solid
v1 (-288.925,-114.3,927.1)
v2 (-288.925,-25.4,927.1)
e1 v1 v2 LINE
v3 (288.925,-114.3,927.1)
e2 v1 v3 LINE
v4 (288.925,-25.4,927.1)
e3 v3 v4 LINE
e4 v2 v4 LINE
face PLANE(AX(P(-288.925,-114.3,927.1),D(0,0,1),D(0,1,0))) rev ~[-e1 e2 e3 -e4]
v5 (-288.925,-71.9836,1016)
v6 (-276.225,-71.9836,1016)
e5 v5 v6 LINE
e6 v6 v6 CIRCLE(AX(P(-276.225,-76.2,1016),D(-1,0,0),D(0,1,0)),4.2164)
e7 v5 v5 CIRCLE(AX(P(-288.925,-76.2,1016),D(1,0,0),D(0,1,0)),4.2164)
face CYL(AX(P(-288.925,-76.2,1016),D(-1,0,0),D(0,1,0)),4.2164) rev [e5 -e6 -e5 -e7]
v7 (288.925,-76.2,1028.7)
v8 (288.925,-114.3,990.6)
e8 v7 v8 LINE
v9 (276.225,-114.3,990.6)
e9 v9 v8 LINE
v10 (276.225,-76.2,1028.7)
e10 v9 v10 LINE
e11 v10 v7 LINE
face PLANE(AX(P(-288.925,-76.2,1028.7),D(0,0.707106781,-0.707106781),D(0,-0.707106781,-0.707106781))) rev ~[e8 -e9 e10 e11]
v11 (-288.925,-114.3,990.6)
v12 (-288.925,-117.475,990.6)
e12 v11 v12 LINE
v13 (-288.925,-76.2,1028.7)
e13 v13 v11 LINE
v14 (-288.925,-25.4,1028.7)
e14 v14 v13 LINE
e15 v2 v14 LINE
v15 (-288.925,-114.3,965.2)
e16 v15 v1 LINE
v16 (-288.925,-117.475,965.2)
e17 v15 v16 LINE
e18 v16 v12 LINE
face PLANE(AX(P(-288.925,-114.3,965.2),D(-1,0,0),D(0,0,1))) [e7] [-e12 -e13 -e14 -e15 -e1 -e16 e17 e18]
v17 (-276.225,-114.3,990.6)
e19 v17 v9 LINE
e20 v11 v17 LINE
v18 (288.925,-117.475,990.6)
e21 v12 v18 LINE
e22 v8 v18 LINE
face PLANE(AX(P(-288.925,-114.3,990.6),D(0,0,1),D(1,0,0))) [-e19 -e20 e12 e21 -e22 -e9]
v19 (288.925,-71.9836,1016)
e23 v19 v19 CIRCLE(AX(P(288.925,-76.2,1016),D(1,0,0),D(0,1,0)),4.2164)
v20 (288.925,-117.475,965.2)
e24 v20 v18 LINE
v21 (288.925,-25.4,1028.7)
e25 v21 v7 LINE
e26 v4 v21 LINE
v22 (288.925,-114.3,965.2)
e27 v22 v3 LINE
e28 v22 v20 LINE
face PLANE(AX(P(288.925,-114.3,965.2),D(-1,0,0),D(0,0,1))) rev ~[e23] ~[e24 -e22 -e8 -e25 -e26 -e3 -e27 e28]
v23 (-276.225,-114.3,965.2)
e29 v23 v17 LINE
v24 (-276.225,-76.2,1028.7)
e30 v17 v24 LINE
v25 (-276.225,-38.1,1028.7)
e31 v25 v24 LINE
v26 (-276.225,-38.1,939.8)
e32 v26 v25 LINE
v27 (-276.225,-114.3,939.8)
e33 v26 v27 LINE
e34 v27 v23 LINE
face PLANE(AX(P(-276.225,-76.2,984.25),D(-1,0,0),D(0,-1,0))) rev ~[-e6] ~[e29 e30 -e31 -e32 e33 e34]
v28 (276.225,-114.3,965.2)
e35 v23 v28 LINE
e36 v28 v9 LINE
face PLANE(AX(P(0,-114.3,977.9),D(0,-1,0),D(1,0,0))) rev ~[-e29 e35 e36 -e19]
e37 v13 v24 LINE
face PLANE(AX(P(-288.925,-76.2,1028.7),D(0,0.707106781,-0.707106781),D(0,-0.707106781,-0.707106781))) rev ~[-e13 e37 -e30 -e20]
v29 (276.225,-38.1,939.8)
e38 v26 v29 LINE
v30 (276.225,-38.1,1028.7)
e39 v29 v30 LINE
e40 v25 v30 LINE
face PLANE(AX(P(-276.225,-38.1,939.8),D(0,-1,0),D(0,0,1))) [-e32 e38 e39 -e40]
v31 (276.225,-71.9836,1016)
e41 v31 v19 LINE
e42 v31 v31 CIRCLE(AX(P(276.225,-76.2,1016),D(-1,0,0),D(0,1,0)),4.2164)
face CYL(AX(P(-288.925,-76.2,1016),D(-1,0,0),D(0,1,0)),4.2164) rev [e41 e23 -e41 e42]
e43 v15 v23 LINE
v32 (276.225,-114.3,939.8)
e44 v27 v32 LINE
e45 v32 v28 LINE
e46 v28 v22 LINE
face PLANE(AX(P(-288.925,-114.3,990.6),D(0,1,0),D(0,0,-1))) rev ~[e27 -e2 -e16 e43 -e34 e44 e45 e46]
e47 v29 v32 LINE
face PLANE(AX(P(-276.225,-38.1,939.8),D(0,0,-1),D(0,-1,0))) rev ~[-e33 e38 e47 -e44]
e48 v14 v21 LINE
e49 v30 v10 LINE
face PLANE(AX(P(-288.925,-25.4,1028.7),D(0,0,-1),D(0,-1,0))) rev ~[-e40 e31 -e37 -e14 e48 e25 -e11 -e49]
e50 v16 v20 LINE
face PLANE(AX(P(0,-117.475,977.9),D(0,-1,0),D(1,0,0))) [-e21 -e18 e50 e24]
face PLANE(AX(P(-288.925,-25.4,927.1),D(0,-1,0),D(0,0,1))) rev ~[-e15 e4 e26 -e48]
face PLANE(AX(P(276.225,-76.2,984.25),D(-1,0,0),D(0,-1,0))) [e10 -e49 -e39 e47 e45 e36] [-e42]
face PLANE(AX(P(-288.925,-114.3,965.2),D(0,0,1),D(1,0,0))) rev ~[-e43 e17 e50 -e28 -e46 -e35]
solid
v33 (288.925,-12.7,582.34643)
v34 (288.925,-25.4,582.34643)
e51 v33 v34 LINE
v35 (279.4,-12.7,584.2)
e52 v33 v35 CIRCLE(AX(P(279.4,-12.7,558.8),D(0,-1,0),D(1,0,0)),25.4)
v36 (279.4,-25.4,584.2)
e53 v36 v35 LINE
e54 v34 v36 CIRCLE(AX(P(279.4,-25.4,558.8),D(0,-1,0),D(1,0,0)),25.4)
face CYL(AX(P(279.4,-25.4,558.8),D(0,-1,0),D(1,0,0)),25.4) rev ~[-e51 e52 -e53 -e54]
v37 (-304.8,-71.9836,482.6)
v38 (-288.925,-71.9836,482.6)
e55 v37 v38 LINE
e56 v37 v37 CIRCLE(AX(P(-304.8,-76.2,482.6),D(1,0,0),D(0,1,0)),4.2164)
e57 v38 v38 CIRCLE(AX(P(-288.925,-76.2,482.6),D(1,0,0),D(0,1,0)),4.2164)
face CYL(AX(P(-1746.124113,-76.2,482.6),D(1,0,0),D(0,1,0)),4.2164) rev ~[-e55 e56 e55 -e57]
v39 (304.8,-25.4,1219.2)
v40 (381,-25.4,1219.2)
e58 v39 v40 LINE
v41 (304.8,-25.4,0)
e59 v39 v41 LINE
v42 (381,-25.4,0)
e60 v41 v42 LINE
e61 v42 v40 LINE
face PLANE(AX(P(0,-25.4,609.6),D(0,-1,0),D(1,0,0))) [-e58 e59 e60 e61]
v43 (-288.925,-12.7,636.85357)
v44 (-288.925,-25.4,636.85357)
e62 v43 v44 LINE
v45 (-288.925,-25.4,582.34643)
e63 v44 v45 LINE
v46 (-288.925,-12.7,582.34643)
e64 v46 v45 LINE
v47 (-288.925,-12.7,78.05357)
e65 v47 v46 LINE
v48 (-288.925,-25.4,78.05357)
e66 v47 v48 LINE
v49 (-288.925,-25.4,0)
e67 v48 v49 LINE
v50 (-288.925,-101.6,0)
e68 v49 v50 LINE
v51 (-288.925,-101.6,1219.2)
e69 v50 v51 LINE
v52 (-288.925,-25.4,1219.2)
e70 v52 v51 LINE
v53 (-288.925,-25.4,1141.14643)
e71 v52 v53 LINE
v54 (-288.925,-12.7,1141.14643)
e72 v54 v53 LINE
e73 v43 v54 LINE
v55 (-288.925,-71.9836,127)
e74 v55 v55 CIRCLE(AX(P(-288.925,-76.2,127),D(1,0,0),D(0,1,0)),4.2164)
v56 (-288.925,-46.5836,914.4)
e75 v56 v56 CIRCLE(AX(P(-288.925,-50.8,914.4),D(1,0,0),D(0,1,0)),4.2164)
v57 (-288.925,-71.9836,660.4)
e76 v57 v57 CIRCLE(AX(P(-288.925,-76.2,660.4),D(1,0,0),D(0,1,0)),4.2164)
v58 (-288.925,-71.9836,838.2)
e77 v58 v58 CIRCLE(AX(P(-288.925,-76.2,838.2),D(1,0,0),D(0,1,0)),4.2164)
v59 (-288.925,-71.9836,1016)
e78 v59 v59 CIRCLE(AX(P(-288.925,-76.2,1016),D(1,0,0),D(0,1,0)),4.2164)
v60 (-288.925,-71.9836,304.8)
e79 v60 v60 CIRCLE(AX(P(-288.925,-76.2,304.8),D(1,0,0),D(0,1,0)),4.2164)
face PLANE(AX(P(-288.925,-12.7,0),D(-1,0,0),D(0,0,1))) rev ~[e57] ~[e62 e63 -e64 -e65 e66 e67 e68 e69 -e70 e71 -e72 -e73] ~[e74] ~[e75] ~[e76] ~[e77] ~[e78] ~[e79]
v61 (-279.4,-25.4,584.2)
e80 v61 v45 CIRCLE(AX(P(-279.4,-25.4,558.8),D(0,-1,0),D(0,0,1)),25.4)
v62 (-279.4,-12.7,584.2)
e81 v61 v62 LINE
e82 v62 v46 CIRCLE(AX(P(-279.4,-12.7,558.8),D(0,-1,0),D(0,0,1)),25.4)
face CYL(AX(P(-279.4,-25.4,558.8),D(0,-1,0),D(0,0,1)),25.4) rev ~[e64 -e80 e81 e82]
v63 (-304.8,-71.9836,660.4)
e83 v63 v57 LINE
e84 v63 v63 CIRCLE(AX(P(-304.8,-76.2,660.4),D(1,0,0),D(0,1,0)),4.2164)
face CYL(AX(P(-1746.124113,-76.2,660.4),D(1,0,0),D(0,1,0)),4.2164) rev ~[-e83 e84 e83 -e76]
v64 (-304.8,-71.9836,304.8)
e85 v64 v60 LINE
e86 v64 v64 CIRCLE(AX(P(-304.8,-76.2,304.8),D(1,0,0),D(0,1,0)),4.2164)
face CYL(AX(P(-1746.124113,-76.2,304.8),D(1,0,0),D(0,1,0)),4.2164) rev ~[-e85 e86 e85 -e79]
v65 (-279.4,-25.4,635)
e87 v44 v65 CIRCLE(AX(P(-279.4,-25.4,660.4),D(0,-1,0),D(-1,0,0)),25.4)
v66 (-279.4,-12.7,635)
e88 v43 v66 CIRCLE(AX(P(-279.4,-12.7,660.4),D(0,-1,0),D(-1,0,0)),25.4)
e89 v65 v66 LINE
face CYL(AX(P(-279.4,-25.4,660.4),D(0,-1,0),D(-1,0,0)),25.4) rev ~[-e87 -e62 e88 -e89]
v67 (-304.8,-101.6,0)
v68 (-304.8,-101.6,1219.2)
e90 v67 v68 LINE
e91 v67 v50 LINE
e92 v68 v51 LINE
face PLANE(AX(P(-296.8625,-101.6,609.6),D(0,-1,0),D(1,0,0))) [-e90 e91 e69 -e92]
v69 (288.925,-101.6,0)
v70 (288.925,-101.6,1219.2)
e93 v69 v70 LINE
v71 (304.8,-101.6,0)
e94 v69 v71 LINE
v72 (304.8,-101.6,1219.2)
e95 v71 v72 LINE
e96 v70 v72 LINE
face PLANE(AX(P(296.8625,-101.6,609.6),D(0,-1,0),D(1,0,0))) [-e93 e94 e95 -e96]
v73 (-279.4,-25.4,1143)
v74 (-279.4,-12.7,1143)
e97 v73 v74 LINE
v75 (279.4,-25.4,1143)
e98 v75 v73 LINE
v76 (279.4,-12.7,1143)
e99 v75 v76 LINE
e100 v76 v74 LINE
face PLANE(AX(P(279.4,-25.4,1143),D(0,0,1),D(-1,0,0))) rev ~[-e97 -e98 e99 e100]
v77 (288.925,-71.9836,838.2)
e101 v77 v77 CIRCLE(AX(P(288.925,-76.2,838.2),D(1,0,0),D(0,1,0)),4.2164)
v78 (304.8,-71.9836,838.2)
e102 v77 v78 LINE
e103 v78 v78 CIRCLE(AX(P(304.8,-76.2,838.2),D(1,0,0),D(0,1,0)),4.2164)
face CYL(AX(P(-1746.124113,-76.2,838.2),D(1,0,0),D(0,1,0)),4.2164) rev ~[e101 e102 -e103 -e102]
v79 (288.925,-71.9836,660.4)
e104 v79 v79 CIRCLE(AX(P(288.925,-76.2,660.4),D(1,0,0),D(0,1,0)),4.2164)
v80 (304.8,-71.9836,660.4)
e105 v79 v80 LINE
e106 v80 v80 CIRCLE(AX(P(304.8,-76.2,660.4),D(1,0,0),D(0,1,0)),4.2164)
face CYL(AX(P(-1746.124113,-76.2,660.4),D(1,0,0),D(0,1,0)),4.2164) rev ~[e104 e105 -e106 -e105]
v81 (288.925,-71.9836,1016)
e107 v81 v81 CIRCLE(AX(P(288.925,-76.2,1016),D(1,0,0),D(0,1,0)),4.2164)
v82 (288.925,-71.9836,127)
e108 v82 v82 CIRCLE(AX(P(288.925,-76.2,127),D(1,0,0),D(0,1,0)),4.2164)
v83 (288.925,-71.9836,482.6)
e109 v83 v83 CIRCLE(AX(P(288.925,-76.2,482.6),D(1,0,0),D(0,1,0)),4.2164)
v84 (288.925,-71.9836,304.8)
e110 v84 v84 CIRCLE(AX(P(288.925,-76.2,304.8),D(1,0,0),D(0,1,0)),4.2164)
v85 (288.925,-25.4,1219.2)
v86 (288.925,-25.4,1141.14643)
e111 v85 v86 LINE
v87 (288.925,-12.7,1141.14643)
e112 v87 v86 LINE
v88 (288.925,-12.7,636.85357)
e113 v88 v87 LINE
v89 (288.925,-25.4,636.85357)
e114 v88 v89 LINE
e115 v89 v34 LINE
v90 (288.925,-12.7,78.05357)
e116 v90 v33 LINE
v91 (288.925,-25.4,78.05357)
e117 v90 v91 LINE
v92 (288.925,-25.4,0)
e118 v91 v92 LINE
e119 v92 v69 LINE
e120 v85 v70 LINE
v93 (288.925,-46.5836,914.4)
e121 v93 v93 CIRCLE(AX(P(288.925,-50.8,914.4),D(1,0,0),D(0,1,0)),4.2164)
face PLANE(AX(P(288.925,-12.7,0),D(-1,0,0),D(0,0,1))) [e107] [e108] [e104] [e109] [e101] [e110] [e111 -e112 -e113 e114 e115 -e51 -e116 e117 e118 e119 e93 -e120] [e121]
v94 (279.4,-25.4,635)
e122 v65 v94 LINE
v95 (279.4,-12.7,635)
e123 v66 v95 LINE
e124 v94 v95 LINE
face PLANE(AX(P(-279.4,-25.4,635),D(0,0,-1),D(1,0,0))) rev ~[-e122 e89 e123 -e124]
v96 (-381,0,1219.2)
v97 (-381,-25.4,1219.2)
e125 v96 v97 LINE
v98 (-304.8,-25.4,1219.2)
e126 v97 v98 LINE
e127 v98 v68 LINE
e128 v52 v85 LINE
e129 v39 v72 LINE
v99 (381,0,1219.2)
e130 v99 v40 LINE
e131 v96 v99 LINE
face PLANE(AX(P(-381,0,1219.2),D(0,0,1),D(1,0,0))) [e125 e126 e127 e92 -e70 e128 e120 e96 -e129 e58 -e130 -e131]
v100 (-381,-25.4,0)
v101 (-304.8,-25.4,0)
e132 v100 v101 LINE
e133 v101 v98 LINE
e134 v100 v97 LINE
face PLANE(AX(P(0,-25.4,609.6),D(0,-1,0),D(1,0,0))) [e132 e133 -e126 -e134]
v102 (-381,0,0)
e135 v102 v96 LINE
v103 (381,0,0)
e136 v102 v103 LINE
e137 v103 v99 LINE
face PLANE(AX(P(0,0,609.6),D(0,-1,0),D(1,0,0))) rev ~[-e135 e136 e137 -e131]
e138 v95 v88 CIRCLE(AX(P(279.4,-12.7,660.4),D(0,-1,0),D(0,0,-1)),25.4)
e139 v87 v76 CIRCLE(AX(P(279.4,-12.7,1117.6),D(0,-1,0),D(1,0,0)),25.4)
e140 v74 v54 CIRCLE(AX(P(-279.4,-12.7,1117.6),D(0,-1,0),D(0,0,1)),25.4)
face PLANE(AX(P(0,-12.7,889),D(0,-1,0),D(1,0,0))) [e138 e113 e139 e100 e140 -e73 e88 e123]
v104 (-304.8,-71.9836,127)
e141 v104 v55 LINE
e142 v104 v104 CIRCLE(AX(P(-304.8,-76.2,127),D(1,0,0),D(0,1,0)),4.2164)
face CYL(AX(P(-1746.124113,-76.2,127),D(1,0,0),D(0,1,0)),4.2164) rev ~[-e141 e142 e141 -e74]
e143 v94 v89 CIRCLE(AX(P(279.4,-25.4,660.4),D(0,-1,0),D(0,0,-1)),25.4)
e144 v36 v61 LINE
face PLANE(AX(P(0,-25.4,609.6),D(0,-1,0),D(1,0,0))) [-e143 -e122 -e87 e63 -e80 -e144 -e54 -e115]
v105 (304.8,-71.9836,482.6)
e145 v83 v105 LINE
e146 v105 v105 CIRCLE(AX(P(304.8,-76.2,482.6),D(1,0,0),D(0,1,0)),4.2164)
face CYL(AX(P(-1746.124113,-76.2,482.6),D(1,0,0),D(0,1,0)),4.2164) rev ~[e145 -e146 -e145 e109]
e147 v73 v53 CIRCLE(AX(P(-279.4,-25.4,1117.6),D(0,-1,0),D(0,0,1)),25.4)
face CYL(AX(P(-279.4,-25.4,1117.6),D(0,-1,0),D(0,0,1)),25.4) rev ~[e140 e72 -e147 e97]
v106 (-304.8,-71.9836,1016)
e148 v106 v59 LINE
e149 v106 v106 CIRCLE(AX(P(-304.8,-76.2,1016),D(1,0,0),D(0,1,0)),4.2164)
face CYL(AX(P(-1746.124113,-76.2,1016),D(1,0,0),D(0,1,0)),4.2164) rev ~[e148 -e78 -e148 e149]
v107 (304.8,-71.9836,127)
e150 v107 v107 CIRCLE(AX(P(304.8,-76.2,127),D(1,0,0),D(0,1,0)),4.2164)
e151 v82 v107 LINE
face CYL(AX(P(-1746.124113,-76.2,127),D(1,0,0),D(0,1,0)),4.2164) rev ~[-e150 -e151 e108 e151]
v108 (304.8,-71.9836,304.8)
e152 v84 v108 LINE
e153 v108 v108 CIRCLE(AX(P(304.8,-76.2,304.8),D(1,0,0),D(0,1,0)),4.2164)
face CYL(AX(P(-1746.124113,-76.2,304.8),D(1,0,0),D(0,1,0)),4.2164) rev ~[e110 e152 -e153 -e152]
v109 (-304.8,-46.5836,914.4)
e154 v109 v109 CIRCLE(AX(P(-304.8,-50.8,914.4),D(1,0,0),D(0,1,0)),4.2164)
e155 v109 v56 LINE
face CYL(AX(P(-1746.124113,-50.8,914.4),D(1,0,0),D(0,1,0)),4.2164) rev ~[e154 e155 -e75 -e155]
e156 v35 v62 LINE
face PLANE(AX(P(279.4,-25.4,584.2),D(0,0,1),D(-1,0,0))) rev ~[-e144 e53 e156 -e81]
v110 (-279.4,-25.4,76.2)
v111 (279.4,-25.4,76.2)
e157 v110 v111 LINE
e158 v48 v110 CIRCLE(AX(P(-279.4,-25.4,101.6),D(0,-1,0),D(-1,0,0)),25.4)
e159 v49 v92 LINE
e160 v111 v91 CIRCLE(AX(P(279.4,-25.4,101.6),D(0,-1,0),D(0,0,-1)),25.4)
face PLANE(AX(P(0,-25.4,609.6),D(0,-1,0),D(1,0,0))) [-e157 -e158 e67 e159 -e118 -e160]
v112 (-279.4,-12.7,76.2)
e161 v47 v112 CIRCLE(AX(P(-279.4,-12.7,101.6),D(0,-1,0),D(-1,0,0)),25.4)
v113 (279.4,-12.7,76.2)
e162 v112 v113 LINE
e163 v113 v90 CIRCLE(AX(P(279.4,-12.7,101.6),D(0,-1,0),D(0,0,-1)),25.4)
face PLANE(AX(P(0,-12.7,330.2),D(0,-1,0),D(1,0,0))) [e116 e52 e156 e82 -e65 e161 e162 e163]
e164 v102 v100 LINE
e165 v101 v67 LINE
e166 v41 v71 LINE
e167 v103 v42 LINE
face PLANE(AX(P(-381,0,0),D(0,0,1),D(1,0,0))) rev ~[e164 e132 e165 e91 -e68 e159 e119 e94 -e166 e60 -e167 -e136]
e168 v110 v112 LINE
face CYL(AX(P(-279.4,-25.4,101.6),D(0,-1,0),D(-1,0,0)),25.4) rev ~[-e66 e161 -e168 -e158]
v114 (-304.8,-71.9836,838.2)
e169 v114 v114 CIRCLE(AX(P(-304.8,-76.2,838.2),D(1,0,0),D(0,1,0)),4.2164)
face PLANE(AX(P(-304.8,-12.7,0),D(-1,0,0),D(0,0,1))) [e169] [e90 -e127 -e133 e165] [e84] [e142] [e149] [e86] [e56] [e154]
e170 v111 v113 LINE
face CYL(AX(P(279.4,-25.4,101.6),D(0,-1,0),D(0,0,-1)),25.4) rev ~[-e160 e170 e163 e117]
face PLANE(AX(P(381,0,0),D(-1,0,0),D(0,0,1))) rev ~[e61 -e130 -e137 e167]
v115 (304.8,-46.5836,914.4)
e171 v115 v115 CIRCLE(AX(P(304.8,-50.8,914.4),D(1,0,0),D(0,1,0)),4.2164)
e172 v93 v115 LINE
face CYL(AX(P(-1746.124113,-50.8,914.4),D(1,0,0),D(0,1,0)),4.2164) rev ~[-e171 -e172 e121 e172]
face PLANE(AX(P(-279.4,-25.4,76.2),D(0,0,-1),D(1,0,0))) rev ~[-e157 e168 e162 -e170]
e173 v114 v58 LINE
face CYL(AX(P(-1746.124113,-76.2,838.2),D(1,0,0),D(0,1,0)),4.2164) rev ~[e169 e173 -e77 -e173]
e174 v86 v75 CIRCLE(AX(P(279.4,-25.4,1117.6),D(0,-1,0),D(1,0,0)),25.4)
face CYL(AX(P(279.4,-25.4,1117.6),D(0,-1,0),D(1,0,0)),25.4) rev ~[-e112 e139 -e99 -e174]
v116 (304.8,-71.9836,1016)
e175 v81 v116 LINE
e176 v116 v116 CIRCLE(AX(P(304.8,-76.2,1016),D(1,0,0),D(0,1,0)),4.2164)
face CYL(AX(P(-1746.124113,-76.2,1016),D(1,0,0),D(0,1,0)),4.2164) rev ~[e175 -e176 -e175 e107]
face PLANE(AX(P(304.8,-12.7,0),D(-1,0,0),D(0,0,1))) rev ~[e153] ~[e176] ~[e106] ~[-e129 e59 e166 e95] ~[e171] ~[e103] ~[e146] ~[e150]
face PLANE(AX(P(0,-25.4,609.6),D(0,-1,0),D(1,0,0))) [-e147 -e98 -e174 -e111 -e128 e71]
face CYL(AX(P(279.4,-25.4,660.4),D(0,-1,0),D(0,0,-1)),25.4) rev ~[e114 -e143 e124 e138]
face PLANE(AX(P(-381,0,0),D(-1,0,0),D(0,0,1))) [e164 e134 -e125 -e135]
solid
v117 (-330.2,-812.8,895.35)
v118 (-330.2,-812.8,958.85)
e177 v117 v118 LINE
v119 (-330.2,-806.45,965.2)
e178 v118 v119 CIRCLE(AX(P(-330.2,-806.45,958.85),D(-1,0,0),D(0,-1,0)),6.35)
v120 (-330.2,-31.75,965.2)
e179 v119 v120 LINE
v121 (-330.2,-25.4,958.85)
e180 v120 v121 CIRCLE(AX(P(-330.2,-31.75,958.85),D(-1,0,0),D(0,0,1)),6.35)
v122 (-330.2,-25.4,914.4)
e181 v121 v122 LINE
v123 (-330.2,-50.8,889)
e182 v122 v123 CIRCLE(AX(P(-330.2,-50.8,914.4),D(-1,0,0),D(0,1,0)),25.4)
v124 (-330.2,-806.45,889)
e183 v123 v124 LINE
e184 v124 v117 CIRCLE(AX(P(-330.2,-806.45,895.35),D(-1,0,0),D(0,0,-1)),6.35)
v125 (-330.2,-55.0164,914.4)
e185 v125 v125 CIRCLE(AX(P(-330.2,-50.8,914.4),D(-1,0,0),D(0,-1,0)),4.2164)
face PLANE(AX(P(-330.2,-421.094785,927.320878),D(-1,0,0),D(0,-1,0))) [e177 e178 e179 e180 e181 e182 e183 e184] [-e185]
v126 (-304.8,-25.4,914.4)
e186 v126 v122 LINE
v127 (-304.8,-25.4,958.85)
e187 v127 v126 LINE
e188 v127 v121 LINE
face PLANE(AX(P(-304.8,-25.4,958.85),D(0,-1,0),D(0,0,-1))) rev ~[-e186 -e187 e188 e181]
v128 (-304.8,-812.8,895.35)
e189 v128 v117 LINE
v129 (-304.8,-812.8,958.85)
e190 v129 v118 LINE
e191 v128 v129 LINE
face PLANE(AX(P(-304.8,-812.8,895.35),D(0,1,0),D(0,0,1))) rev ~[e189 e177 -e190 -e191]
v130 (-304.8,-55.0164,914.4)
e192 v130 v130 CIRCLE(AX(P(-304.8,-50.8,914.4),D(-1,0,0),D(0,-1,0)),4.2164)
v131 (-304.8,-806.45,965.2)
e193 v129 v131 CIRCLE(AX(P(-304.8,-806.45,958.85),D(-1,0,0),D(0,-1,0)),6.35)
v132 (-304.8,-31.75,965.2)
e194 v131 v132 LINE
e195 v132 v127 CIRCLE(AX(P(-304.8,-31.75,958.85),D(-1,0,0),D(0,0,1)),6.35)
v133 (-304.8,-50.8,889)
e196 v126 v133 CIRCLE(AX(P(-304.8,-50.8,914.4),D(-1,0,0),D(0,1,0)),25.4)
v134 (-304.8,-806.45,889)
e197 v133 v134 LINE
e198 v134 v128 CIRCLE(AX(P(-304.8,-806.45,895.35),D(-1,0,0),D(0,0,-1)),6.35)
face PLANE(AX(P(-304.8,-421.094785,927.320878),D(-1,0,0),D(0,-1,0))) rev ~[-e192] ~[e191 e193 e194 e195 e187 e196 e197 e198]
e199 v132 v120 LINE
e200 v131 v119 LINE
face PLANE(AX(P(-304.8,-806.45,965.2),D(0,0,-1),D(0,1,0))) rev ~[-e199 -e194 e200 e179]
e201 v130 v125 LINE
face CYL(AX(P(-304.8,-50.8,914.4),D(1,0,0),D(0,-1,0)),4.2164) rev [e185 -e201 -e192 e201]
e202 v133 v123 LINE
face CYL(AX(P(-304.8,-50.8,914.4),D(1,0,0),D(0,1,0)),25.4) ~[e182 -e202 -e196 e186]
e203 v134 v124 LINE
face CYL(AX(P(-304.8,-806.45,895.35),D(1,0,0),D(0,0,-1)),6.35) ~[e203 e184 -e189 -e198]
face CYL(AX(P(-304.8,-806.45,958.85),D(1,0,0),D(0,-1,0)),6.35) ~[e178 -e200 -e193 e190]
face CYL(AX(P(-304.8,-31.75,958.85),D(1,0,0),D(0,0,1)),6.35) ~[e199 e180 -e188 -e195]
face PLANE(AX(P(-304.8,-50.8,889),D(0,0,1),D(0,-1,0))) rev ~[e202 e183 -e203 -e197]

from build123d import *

# Parameters (mm, degrees)
F0_W      = 762
F0_H      = 1219.2
F1_DEPTH  = 25.4
F3_DEPTH  = 12.7
F4_W      = 15.875
F4_H      = 1219.2
F5_DEPTH  = 88.9
F7_D      = 8.4328
F8_R      = 4.2164
F9_DEPTH  = 577.85
F11_W     = 76.2
F11_H     = 88.9
F12_DEPTH = 552.45
F13_R     = 4.2164
F14_DEPTH = 25.4
F15_W     = 577.85
F15_H     = 25.4
F16_DEPTH = 3.175


with BuildPart() as f1:
    # F0 (on Front) → F1 (new body)
    with BuildSketch(Plane.XZ):
        with Locations((0, 609.6)):
            Rectangle(F0_W, F0_H)
    extrude(amount=F1_DEPTH)

    # F2 (on face) → F3 (cut)
    with BuildSketch(Plane.XZ.offset(25.4)):
        with BuildLine():
            Line((279.4, 1143), (-279.4, 1143))
            ThreePointArc((-279.4, 1143), (-297.3605122421, 1135.5605122421), (-304.8, 1117.6))
            Line((-304.8, 1117.6), (-304.8, 660.4))
            ThreePointArc((-304.8, 660.4), (-297.3605122421, 642.4394877579), (-279.4, 635))
            Line((-279.4, 635), (279.4, 635))
            ThreePointArc((279.4, 635), (297.3605122421, 642.4394877579), (304.8, 660.4))
            Line((304.8, 660.4), (304.8, 1117.6))
            ThreePointArc((304.8, 1117.6), (297.3605122421, 1135.5605122421), (279.4, 1143))
        make_face()
        with BuildLine():
            ThreePointArc((-304.8, 101.6), (-297.3605122421, 83.6394877579), (-279.4, 76.2))
            Line((-279.4, 76.2), (279.4, 76.2))
            ThreePointArc((279.4, 76.2), (297.3605122421, 83.6394877579), (304.8, 101.6))
            Line((304.8, 101.6), (304.8, 558.8))
            ThreePointArc((304.8, 558.8), (297.3605122421, 576.7605122421), (279.4, 584.2))
            Line((279.4, 584.2), (-279.4, 584.2))
            ThreePointArc((-279.4, 584.2), (-297.3605122421, 576.7605122421), (-304.8, 558.8))
            Line((-304.8, 558.8), (-304.8, 101.6))
        make_face()
    extrude(amount=-F3_DEPTH, mode=Mode.SUBTRACT)

    # F4 (on face) → F5 (join)
    with BuildSketch(Plane.XZ.offset(12.7)):
        with Locations((-296.8625, 609.6)):
            Rectangle(F4_W, F4_H)
        with Locations((296.8625, 609.6)):
            Rectangle(F4_W, F4_H)
    extrude(amount=F5_DEPTH)

    # F7 (through all)
    with Locations(Plane(origin=(-304.8, 0, 0), x_dir=(0, -1, 0), z_dir=(-1, 0, 0))):
        with Locations((76.2, 1016), (76.2, 838.2), (76.2, 660.4), (76.2, 482.6), (76.2, 304.8), (76.2, 127), (50.8, 914.4)):
            Hole(F7_D / 2)


with BuildPart() as f9:
    # F8 (on face) → F9 (new body)
    with BuildSketch(Plane.YZ.offset(-288.925)):
        Polygon((-25.4, 1028.7), (-76.2, 1028.7), (-114.3, 990.6), (-114.3, 927.1), (-25.4, 927.1), align=None)
        with Locations((-76.2, 1016)):
            Circle(F8_R, mode=Mode.SUBTRACT)
    extrude(amount=F9_DEPTH)

    # F11 (on offset) → F12 (cut)
    with BuildSketch(Plane(origin=(-276.225, 0, 0), x_dir=(0, -1, 0), z_dir=(-1, 0, 0))):
        with Locations((76.2, 984.25)):
            Rectangle(F11_W, F11_H)
    extrude(amount=-F12_DEPTH, mode=Mode.SUBTRACT)

    # F15 (on face) → F16 (join)
    with BuildSketch(Plane.XZ.offset(114.3)):
        with Locations((0, 977.9)):
            Rectangle(F15_W, F15_H)
    extrude(amount=F16_DEPTH)


with BuildPart() as f14:
    # F13 (on face) → F14 (new body)
    with BuildSketch(Plane(origin=(-304.8, 0, 0), x_dir=(0, -1, 0), z_dir=(-1, 0, 0))):
        with BuildLine():
            Line((806.45, 965.2), (31.75, 965.2))
            ThreePointArc((31.75, 965.2), (27.2598719395, 963.3401280605), (25.4, 958.85))
            Line((25.4, 958.85), (25.4, 914.4))
            ThreePointArc((25.4, 914.4), (32.8394877579, 896.4394877579), (50.8, 889))
            Line((50.8, 889), (806.45, 889))
            ThreePointArc((806.45, 889), (810.9401280605, 890.8598719395), (812.8, 895.35))
            Line((812.8, 895.35), (812.8, 958.85))
            ThreePointArc((812.8, 958.85), (810.9401280605, 963.3401280605), (806.45, 965.2))
        make_face()
        with Locations((50.8, 914.4)):
            Circle(F13_R, mode=Mode.SUBTRACT)
    extrude(amount=F14_DEPTH)


solid = Compound([f1.part, f9.part, f14.part])
